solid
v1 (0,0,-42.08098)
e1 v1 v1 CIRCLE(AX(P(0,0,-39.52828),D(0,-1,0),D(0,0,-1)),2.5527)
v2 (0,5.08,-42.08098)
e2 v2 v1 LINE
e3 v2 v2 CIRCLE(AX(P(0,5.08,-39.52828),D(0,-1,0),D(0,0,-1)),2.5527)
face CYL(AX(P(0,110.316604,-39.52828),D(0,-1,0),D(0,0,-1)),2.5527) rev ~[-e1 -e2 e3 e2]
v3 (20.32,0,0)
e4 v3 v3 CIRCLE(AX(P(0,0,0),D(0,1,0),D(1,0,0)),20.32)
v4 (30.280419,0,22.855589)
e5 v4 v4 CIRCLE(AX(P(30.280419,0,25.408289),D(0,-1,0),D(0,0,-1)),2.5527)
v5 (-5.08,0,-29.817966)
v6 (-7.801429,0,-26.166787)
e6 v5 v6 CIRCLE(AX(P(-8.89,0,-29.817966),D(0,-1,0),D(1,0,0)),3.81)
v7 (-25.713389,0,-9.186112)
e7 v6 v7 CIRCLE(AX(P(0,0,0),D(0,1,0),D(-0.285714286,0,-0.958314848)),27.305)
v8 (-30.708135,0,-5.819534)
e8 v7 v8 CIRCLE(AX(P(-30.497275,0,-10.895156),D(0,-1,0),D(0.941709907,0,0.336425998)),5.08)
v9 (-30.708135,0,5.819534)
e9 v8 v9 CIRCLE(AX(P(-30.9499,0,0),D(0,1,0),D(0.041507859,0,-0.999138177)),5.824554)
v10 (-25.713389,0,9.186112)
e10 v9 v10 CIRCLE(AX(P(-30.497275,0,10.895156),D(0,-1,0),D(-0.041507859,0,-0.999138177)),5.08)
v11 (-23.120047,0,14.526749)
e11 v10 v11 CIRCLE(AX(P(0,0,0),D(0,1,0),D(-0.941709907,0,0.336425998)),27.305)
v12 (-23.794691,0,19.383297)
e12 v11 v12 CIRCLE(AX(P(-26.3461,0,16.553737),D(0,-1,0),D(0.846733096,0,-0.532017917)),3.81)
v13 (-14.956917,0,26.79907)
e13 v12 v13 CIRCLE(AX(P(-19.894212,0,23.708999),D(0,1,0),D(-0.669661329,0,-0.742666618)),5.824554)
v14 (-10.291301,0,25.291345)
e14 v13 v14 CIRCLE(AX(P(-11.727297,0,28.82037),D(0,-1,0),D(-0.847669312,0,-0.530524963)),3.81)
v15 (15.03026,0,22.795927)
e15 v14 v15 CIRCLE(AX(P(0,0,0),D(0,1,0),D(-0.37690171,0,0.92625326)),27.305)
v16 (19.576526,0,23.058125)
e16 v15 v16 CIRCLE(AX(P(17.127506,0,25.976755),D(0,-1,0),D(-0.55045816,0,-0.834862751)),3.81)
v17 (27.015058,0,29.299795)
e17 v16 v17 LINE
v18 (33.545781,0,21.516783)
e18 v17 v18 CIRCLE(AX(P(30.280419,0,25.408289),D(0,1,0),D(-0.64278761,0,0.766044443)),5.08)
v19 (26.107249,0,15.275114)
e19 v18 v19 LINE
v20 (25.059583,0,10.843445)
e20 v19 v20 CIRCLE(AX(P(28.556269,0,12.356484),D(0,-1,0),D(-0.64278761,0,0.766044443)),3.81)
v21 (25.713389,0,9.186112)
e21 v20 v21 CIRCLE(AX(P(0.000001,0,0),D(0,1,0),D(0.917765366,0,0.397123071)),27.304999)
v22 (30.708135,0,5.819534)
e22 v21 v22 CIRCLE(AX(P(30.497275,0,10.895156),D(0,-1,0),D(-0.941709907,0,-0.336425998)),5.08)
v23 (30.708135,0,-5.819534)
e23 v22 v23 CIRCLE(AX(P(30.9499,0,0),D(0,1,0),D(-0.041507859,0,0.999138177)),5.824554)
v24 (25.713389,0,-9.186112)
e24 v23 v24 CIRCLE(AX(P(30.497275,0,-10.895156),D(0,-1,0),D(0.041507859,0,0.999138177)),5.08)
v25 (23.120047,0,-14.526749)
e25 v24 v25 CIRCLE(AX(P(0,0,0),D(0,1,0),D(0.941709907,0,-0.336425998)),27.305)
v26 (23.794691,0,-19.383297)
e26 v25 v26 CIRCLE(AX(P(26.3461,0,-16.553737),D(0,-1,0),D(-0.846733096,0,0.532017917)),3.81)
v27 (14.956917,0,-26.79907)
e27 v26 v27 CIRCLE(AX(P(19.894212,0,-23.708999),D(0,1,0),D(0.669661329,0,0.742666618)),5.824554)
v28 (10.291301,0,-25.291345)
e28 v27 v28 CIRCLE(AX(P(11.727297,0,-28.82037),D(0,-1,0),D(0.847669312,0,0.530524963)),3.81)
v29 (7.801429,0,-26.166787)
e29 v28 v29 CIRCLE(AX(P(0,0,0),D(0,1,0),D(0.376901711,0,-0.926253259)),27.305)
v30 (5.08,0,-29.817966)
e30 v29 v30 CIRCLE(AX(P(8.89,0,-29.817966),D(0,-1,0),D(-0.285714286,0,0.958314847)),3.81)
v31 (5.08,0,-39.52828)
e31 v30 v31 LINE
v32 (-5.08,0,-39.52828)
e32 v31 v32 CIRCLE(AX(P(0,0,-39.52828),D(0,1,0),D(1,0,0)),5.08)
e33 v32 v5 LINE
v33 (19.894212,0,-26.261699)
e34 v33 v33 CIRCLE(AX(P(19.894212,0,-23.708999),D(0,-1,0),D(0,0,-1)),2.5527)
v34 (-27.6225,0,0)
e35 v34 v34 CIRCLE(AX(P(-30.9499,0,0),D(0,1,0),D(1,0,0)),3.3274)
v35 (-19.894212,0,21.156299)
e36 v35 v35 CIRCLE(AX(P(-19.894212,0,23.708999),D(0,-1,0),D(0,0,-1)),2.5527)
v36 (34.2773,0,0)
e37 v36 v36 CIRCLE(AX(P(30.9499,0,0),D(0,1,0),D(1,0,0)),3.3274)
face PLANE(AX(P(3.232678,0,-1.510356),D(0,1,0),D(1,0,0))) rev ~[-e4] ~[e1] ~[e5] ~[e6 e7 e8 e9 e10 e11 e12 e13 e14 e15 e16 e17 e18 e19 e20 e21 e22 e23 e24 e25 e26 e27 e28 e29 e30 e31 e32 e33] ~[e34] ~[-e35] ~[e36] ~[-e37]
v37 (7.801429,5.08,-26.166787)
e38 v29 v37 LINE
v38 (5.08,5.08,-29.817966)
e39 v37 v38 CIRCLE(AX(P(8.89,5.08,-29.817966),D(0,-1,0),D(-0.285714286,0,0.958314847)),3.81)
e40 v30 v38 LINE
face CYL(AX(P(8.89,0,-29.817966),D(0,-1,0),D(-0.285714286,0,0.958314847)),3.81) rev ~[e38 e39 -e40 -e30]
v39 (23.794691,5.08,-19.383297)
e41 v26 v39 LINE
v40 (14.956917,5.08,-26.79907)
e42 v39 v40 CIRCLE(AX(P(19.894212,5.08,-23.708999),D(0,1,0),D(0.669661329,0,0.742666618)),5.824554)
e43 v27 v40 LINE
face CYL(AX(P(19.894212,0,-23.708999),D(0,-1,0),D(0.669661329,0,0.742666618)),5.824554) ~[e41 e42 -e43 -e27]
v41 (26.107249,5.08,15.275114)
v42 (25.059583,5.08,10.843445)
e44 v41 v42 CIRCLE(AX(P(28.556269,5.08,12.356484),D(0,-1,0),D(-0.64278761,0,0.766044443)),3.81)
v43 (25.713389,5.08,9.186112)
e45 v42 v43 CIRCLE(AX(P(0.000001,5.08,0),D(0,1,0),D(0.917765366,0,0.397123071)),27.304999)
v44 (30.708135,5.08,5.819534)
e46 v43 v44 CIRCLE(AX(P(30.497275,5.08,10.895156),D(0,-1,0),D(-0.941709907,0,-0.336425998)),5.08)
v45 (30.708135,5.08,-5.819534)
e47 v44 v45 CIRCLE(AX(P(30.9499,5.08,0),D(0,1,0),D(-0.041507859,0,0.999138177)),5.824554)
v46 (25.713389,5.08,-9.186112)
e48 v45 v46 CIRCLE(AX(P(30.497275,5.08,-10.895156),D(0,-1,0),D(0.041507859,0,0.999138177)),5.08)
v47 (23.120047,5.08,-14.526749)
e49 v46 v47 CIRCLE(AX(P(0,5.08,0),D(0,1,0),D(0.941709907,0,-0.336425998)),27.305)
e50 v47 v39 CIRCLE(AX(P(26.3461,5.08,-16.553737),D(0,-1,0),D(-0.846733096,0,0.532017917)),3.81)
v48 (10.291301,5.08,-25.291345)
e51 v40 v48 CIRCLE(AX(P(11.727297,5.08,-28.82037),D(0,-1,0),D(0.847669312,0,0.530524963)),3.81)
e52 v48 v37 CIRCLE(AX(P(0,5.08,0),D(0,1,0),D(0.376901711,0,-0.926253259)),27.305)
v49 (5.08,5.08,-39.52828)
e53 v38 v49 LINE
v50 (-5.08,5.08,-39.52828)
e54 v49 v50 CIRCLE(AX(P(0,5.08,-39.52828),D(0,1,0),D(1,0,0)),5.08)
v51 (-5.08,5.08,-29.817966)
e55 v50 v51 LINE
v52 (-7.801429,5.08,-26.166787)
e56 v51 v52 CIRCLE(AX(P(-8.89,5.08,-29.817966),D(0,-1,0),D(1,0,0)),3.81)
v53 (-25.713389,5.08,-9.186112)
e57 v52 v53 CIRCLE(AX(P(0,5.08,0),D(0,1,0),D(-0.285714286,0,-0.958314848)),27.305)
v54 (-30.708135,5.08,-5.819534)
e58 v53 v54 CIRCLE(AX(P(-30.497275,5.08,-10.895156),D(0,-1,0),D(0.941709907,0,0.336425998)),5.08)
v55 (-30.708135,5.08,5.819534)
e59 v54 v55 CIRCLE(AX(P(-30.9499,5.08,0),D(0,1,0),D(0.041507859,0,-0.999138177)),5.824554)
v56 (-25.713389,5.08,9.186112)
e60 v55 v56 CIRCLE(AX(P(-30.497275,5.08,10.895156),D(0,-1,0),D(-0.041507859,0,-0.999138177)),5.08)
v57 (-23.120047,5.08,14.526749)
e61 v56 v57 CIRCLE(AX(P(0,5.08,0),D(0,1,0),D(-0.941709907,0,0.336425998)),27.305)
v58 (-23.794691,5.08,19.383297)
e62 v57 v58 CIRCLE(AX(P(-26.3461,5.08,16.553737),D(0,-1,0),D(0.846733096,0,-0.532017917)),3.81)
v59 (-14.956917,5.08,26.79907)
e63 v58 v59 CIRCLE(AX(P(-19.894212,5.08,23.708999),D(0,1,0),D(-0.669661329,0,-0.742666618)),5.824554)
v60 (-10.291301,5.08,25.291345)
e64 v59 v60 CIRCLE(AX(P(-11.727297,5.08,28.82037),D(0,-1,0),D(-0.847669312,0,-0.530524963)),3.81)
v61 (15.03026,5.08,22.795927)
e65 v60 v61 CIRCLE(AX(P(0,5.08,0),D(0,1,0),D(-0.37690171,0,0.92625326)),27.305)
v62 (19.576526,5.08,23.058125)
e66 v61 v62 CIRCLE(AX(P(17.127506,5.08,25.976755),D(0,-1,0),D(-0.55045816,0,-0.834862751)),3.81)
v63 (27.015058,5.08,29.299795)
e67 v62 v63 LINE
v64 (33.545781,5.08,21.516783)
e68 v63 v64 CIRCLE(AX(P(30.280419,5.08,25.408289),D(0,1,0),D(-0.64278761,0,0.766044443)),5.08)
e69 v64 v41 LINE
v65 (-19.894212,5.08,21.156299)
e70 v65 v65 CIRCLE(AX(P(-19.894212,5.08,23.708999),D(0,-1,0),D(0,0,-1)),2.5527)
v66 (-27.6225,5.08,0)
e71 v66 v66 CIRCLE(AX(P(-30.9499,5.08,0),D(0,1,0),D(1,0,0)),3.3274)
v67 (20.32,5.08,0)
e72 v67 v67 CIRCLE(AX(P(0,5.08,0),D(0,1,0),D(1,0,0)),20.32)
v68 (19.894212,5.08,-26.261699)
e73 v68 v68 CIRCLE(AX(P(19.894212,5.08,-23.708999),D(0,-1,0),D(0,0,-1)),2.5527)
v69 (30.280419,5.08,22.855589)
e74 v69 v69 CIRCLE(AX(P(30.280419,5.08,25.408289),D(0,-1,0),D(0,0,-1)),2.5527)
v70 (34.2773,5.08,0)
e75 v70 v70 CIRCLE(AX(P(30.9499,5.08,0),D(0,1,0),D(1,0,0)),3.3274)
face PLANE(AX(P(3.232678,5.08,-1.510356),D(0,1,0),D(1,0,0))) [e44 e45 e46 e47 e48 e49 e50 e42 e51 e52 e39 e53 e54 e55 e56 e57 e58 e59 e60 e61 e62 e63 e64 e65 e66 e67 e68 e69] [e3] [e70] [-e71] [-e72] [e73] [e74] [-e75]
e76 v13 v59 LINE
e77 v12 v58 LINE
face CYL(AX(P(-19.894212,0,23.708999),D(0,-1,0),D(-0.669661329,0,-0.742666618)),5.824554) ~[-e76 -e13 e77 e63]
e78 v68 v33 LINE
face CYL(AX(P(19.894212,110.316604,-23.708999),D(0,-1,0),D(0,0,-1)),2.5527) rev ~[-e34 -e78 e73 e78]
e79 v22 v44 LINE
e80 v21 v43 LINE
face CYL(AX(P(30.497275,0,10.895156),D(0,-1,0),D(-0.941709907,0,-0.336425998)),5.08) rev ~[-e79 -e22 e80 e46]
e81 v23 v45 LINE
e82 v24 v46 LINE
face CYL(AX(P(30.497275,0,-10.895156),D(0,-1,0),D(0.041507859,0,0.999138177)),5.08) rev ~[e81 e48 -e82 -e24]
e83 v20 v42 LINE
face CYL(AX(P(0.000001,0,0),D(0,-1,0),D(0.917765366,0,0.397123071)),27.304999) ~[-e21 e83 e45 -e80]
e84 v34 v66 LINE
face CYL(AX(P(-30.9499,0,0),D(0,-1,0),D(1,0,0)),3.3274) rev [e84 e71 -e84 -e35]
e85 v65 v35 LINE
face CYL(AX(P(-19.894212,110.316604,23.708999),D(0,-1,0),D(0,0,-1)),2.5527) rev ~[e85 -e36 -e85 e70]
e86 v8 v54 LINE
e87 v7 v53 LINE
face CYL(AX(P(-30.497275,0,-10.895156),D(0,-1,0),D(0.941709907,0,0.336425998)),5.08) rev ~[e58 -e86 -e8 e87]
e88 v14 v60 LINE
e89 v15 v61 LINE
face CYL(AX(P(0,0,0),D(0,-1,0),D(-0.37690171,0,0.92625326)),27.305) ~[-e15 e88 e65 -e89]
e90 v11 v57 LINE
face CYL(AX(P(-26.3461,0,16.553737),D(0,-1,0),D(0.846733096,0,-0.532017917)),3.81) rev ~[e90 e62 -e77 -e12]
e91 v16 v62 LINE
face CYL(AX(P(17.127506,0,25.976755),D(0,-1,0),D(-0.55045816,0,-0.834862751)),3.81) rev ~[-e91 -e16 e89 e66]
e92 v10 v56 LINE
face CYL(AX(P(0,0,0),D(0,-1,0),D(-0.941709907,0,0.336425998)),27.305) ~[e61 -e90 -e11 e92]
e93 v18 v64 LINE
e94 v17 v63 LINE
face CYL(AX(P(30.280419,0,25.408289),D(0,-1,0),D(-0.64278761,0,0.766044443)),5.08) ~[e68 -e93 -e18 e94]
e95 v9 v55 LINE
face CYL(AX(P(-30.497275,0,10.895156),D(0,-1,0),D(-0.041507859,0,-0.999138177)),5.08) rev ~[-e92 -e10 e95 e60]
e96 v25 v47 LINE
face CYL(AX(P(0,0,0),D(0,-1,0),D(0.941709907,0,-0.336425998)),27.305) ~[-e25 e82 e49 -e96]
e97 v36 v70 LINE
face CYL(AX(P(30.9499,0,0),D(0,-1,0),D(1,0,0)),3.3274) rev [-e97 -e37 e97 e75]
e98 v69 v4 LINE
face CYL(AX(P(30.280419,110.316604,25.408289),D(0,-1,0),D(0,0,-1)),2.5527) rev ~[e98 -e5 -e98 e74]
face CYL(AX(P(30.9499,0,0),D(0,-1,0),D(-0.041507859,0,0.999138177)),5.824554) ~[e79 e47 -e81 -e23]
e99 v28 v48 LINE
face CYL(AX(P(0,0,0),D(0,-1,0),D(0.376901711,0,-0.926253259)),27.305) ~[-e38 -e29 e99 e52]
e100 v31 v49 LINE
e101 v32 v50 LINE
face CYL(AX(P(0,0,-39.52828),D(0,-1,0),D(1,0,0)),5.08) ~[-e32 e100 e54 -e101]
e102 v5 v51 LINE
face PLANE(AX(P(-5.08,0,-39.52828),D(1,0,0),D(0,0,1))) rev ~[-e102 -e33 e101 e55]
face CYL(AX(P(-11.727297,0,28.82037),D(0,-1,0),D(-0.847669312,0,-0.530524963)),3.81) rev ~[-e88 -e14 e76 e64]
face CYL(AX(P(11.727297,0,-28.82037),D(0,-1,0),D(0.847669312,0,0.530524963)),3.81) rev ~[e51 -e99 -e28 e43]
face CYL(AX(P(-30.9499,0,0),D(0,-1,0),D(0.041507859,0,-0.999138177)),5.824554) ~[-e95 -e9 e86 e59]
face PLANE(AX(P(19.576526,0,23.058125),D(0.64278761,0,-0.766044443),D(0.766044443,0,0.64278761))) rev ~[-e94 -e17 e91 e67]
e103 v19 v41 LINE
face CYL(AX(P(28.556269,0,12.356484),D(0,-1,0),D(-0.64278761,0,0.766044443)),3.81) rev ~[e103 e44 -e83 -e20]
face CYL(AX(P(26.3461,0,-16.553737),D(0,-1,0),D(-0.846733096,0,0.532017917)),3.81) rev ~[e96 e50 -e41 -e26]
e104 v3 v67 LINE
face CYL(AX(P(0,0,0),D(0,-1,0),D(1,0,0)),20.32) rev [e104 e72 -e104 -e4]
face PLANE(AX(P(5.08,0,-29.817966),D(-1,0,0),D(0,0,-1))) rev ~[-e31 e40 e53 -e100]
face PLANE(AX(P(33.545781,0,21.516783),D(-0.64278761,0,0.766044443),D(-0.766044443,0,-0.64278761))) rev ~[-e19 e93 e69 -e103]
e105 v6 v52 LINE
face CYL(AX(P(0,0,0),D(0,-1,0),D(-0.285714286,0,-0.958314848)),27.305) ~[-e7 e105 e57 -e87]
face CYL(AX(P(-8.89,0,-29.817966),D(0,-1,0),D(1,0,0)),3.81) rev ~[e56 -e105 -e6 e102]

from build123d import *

# Parameters (mm, degrees)
SKETCH1_R               = 20.32
SKETCH1_R_2             = 3.3274
BOSS_EXTRUDE1_DEPTH     = 5.08
F_1_4_20_TAPPED_HOLE1_D = 5.1054


with BuildPart() as part:
    # Sketch1 → Boss-Extrude1 (new body)
    with BuildSketch(Plane(origin=(0, 0, 0), x_dir=(1, 0, 0), z_dir=(0, 1, 0))):
        with BuildLine():
            Line((19.57652647, -23.05812517), (27.015058429, -29.299794594))
            ThreePointArc((27.015058429, -29.299794594), (34.171925257, -28.67364988), (33.545780543, -21.516783052))
            Line((33.545780543, -21.516783052), (26.107248584, -15.275113628))
            ThreePointArc((26.107248584, -15.275113628), (24.848469725, -13.233023939), (25.059583331, -10.843445406))
            ThreePointArc((25.059583331, -10.843445406), (25.400007253, -10.020112603), (25.713388999, -9.186111864))
            ThreePointArc((25.713388999, -9.186111864), (27.657978886, -6.682698723), (30.708135247, -5.81953399))
            ThreePointArc((30.708135247, -5.81953399), (36.774453721, 0), (30.708135247, 5.81953399))
            ThreePointArc((30.708135247, 5.81953399), (27.657978886, 6.682698723), (25.713388999, 9.186111864))
            ThreePointArc((25.713388999, 9.186111864), (24.562302912, 11.927124576), (23.12004719, 14.526749221))
            ThreePointArc((23.12004719, 14.526749221), (22.572337736, 17.077966647), (23.794690624, 19.383297298))
            ThreePointArc((23.794690624, 19.383297298), (23.638163205, 28.170865922), (14.956916793, 26.79907006))
            ThreePointArc((14.956916793, 26.79907006), (12.898868646, 25.194970992), (10.291301197, 25.291345252))
            ThreePointArc((10.291301197, 25.291345252), (9.056948556, 25.759167453), (7.801428571, 26.166786911))
            ThreePointArc((7.801428571, 26.166786911), (5.835204005, 27.541055979), (5.08, 29.81796648))
            Line((5.08, 29.81796648), (5.08, 39.528280321))
            ThreePointArc((5.08, 39.528280321), (0, 44.608280321), (-5.08, 39.528280321))
            Line((-5.08, 39.528280321), (-5.08, 29.81796648))
            ThreePointArc((-5.08, 29.81796648), (-5.835204005, 27.541055979), (-7.801428571, 26.166786911))
            ThreePointArc((-7.801428571, 26.166786911), (-18.785541793, 19.815812992), (-25.713388999, 9.186111864))
            ThreePointArc((-25.713388999, 9.186111864), (-27.657978886, 6.682698723), (-30.708135247, 5.81953399))
            ThreePointArc((-30.708135247, 5.81953399), (-36.774453721, 0), (-30.708135247, -5.81953399))
            ThreePointArc((-30.708135247, -5.81953399), (-27.657978886, -6.682698723), (-25.713388999, -9.186111864))
            ThreePointArc((-25.713388999, -9.186111864), (-24.562302912, -11.927124576), (-23.12004719, -14.526749221))
            ThreePointArc((-23.12004719, -14.526749221), (-22.572337736, -17.077966647), (-23.794690624, -19.383297298))
            ThreePointArc((-23.794690624, -19.383297298), (-23.638163205, -28.170865922), (-14.956916793, -26.79907006))
            ThreePointArc((-14.956916793, -26.79907006), (-12.898868646, -25.194970992), (-10.291301197, -25.291345252))
            ThreePointArc((-10.291301197, -25.291345252), (2.67791157, -27.173365905), (15.030260084, -22.795927417))
            ThreePointArc((15.030260084, -22.795927417), (17.346876056, -22.173075144), (19.57652647, -23.05812517))
        make_face()
        Circle(SKETCH1_R, mode=Mode.SUBTRACT)
        with Locations((-30.9499, 0)):
            Circle(SKETCH1_R_2, mode=Mode.SUBTRACT)
        with Locations((30.9499, 0)):
            Circle(SKETCH1_R_2, mode=Mode.SUBTRACT)
    extrude(amount=BOSS_EXTRUDE1_DEPTH)

    # 1/4-20 Tapped Hole1 (through all)
    with Locations(Plane(origin=(0, 5.08, -39.528280321), x_dir=(0, 0, 1), z_dir=(0, 1, 0))):
        with Locations((0, 0), (15.819281411, 19.894212241), (64.936569144, 30.280419486), (63.237279231, -19.894212241)):
            Hole(F_1_4_20_TAPPED_HOLE1_D / 2)


solid = part.part
